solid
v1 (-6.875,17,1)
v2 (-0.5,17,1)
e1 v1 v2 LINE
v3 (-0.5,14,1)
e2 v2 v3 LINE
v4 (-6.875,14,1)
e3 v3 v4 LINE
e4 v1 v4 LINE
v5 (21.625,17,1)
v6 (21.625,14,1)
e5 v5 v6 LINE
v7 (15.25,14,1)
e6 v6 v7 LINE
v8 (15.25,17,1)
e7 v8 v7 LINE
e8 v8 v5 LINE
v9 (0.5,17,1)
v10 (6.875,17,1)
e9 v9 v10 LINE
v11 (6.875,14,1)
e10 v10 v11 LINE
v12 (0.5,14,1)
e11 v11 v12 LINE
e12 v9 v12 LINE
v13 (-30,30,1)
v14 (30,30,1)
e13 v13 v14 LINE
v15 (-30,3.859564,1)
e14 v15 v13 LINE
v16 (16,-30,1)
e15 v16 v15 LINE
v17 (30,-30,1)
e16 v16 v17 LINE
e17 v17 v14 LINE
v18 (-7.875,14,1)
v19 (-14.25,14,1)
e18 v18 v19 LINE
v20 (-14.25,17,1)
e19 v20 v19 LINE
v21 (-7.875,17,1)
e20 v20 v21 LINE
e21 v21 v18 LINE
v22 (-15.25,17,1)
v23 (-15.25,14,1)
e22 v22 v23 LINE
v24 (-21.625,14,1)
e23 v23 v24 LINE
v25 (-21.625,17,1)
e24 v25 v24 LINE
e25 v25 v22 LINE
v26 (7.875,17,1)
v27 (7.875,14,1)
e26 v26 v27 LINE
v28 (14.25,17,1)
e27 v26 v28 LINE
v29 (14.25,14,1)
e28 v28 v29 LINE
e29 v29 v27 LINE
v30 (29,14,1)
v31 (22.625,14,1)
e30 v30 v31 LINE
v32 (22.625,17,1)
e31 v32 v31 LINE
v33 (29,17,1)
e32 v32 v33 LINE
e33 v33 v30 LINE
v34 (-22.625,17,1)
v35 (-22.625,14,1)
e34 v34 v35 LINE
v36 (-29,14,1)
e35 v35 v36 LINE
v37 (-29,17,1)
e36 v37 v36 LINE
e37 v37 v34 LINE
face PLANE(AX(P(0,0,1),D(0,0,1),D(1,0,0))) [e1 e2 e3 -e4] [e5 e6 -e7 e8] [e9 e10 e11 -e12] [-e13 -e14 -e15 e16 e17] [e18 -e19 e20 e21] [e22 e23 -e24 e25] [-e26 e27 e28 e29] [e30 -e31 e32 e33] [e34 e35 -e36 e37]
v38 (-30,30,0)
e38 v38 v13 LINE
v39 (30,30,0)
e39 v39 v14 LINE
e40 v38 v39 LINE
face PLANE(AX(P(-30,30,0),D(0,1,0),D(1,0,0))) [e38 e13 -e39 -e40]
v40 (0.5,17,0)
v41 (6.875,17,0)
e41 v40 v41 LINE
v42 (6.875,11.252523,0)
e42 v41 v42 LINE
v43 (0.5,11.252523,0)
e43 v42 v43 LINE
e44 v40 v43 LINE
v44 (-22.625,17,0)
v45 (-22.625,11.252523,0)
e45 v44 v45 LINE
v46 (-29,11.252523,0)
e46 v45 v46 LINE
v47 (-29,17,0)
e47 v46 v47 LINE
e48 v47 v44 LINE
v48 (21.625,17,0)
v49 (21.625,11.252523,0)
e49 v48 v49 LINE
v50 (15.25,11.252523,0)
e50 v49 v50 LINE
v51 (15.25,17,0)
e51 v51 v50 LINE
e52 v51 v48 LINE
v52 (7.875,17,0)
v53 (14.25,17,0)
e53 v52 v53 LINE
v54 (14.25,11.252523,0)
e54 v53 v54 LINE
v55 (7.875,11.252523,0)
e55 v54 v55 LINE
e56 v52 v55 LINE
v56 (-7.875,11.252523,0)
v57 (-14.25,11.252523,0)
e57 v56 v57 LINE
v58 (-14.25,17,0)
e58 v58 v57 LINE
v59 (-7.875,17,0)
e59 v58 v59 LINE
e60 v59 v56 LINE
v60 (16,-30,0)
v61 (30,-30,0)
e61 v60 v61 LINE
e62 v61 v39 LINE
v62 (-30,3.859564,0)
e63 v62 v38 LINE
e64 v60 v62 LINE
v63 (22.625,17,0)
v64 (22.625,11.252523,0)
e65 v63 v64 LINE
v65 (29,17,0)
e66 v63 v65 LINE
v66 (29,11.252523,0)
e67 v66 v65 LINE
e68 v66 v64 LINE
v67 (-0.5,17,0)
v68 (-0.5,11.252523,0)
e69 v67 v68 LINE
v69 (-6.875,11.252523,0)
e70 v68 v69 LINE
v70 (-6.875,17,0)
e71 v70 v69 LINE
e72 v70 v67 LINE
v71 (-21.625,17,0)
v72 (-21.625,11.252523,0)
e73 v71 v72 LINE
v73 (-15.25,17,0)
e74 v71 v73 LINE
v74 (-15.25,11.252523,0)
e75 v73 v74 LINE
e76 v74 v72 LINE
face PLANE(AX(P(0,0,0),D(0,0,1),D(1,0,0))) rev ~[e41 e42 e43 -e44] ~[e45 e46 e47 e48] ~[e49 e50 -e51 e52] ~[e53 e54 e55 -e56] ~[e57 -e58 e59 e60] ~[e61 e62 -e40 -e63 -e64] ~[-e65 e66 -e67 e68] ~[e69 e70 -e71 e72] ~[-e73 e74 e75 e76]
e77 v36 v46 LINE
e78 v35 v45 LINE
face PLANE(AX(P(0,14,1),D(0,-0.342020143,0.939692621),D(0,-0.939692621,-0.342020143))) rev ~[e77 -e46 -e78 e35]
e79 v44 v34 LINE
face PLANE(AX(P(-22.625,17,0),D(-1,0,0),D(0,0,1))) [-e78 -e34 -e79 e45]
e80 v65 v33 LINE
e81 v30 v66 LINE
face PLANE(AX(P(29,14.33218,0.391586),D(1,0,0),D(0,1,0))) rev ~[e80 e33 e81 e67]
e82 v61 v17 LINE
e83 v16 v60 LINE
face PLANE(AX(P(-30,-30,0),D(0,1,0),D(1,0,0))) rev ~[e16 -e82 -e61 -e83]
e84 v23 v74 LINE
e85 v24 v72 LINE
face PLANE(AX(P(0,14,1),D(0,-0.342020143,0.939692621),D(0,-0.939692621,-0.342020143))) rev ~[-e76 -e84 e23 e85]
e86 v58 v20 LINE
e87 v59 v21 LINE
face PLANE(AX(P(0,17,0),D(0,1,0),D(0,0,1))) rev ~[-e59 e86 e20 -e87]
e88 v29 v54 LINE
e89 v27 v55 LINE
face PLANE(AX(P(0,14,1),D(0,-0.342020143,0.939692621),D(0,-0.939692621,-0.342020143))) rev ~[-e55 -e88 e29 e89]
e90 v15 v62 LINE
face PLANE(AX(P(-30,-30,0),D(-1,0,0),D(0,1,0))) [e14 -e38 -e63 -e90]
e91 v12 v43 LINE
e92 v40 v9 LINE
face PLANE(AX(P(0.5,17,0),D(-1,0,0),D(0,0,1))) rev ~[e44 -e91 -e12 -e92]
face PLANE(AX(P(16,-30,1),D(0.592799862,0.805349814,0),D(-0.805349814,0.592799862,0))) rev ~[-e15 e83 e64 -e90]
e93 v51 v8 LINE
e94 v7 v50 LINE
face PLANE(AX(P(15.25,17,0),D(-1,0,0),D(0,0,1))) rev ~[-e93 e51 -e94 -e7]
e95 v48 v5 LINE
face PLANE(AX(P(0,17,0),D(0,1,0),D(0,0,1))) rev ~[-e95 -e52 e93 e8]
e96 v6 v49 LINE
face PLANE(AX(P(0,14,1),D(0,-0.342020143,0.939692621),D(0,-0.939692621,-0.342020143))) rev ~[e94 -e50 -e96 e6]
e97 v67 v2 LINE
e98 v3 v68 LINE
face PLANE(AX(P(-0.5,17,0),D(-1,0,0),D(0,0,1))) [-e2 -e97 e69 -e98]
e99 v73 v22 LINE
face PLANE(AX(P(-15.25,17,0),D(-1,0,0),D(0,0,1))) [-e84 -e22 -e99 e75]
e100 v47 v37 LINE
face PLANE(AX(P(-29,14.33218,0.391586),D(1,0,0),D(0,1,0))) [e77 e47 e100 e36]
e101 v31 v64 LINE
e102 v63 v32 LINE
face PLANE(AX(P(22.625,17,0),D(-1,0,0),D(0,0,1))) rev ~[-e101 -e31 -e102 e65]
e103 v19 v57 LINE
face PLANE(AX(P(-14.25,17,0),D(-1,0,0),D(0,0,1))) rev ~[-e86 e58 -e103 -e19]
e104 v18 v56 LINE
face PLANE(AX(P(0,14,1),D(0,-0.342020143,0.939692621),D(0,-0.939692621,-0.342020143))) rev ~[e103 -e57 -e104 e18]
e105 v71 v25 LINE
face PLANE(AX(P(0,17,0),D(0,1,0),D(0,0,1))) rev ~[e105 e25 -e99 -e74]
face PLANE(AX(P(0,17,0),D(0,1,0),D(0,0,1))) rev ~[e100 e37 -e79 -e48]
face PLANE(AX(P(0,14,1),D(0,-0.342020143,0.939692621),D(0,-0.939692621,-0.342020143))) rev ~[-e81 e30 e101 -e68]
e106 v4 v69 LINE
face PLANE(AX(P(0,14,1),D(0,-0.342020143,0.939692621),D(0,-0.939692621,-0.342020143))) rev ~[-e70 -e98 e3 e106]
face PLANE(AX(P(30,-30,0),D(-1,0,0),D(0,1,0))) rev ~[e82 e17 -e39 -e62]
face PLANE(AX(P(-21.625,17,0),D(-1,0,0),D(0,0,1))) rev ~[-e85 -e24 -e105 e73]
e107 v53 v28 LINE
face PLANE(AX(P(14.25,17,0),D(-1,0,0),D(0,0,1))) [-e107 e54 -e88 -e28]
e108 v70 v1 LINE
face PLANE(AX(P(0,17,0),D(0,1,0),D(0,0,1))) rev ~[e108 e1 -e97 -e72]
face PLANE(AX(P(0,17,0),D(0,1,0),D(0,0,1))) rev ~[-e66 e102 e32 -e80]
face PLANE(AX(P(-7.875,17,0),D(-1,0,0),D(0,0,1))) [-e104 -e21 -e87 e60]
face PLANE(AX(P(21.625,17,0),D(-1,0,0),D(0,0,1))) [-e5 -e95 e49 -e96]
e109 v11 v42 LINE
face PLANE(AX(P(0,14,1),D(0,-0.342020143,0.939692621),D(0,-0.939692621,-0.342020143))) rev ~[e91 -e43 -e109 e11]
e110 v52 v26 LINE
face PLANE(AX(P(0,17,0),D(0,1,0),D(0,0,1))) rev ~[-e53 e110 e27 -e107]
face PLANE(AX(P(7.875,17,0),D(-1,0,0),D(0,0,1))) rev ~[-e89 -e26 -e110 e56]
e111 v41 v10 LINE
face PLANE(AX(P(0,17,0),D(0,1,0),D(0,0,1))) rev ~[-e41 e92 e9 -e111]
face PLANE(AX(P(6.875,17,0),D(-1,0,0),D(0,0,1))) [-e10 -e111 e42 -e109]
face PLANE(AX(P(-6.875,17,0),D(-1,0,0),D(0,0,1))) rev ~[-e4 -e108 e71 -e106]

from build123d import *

# Parameters (mm, degrees)
F0_W     = 60
F0_H     = 60
F1_DEPTH = 1
F4_DEPTH = 1
F5_DEPTH = 29
F6_W     = 1
F6_H     = 1


with BuildPart() as f1:
    # F0 (on Top) → F1 (new body)
    with BuildSketch(Plane.XY):
        Rectangle(F0_W, F0_H)
    extrude(amount=F1_DEPTH)

    # F3 (on face) → F4 (cut, through all)
    with BuildSketch(Plane.XY.offset(1)):
        Polygon((-30, -30), (16, -30), (-30, 3.8595641273), align=None)
    extrude(amount=-F4_DEPTH, mode=Mode.SUBTRACT)

    # F2 (on Right) → F5 (cut, symmetric)
    with BuildSketch(Plane.YZ):
        Polygon((11.2525225805, 0), (17, 0), (17, 1), (14, 1), align=None)
    extrude(amount=F5_DEPTH, both=True, mode=Mode.SUBTRACT)

    # F6 (on face) → F7 (join, up to the next surface of F1)
    with BuildSketch(Plane.XZ.offset(-17)):
        with Locations((-22.125, 0.5)):
            Rectangle(F6_W, F6_H)
        with Locations((-14.75, 0.5)):
            Rectangle(F6_W, F6_H)
        with Locations((-7.375, 0.5)):
            Rectangle(F6_W, F6_H)
        with Locations((0, 0.5)):
            Rectangle(F6_W, F6_H)
        with Locations((7.375, 0.5)):
            Rectangle(F6_W, F6_H)
        with Locations((14.75, 0.5)):
            Rectangle(F6_W, F6_H)
        with Locations((22.125, 0.5)):
            Rectangle(F6_W, F6_H)
    extrude(until=Until.NEXT)


solid = f1.part
